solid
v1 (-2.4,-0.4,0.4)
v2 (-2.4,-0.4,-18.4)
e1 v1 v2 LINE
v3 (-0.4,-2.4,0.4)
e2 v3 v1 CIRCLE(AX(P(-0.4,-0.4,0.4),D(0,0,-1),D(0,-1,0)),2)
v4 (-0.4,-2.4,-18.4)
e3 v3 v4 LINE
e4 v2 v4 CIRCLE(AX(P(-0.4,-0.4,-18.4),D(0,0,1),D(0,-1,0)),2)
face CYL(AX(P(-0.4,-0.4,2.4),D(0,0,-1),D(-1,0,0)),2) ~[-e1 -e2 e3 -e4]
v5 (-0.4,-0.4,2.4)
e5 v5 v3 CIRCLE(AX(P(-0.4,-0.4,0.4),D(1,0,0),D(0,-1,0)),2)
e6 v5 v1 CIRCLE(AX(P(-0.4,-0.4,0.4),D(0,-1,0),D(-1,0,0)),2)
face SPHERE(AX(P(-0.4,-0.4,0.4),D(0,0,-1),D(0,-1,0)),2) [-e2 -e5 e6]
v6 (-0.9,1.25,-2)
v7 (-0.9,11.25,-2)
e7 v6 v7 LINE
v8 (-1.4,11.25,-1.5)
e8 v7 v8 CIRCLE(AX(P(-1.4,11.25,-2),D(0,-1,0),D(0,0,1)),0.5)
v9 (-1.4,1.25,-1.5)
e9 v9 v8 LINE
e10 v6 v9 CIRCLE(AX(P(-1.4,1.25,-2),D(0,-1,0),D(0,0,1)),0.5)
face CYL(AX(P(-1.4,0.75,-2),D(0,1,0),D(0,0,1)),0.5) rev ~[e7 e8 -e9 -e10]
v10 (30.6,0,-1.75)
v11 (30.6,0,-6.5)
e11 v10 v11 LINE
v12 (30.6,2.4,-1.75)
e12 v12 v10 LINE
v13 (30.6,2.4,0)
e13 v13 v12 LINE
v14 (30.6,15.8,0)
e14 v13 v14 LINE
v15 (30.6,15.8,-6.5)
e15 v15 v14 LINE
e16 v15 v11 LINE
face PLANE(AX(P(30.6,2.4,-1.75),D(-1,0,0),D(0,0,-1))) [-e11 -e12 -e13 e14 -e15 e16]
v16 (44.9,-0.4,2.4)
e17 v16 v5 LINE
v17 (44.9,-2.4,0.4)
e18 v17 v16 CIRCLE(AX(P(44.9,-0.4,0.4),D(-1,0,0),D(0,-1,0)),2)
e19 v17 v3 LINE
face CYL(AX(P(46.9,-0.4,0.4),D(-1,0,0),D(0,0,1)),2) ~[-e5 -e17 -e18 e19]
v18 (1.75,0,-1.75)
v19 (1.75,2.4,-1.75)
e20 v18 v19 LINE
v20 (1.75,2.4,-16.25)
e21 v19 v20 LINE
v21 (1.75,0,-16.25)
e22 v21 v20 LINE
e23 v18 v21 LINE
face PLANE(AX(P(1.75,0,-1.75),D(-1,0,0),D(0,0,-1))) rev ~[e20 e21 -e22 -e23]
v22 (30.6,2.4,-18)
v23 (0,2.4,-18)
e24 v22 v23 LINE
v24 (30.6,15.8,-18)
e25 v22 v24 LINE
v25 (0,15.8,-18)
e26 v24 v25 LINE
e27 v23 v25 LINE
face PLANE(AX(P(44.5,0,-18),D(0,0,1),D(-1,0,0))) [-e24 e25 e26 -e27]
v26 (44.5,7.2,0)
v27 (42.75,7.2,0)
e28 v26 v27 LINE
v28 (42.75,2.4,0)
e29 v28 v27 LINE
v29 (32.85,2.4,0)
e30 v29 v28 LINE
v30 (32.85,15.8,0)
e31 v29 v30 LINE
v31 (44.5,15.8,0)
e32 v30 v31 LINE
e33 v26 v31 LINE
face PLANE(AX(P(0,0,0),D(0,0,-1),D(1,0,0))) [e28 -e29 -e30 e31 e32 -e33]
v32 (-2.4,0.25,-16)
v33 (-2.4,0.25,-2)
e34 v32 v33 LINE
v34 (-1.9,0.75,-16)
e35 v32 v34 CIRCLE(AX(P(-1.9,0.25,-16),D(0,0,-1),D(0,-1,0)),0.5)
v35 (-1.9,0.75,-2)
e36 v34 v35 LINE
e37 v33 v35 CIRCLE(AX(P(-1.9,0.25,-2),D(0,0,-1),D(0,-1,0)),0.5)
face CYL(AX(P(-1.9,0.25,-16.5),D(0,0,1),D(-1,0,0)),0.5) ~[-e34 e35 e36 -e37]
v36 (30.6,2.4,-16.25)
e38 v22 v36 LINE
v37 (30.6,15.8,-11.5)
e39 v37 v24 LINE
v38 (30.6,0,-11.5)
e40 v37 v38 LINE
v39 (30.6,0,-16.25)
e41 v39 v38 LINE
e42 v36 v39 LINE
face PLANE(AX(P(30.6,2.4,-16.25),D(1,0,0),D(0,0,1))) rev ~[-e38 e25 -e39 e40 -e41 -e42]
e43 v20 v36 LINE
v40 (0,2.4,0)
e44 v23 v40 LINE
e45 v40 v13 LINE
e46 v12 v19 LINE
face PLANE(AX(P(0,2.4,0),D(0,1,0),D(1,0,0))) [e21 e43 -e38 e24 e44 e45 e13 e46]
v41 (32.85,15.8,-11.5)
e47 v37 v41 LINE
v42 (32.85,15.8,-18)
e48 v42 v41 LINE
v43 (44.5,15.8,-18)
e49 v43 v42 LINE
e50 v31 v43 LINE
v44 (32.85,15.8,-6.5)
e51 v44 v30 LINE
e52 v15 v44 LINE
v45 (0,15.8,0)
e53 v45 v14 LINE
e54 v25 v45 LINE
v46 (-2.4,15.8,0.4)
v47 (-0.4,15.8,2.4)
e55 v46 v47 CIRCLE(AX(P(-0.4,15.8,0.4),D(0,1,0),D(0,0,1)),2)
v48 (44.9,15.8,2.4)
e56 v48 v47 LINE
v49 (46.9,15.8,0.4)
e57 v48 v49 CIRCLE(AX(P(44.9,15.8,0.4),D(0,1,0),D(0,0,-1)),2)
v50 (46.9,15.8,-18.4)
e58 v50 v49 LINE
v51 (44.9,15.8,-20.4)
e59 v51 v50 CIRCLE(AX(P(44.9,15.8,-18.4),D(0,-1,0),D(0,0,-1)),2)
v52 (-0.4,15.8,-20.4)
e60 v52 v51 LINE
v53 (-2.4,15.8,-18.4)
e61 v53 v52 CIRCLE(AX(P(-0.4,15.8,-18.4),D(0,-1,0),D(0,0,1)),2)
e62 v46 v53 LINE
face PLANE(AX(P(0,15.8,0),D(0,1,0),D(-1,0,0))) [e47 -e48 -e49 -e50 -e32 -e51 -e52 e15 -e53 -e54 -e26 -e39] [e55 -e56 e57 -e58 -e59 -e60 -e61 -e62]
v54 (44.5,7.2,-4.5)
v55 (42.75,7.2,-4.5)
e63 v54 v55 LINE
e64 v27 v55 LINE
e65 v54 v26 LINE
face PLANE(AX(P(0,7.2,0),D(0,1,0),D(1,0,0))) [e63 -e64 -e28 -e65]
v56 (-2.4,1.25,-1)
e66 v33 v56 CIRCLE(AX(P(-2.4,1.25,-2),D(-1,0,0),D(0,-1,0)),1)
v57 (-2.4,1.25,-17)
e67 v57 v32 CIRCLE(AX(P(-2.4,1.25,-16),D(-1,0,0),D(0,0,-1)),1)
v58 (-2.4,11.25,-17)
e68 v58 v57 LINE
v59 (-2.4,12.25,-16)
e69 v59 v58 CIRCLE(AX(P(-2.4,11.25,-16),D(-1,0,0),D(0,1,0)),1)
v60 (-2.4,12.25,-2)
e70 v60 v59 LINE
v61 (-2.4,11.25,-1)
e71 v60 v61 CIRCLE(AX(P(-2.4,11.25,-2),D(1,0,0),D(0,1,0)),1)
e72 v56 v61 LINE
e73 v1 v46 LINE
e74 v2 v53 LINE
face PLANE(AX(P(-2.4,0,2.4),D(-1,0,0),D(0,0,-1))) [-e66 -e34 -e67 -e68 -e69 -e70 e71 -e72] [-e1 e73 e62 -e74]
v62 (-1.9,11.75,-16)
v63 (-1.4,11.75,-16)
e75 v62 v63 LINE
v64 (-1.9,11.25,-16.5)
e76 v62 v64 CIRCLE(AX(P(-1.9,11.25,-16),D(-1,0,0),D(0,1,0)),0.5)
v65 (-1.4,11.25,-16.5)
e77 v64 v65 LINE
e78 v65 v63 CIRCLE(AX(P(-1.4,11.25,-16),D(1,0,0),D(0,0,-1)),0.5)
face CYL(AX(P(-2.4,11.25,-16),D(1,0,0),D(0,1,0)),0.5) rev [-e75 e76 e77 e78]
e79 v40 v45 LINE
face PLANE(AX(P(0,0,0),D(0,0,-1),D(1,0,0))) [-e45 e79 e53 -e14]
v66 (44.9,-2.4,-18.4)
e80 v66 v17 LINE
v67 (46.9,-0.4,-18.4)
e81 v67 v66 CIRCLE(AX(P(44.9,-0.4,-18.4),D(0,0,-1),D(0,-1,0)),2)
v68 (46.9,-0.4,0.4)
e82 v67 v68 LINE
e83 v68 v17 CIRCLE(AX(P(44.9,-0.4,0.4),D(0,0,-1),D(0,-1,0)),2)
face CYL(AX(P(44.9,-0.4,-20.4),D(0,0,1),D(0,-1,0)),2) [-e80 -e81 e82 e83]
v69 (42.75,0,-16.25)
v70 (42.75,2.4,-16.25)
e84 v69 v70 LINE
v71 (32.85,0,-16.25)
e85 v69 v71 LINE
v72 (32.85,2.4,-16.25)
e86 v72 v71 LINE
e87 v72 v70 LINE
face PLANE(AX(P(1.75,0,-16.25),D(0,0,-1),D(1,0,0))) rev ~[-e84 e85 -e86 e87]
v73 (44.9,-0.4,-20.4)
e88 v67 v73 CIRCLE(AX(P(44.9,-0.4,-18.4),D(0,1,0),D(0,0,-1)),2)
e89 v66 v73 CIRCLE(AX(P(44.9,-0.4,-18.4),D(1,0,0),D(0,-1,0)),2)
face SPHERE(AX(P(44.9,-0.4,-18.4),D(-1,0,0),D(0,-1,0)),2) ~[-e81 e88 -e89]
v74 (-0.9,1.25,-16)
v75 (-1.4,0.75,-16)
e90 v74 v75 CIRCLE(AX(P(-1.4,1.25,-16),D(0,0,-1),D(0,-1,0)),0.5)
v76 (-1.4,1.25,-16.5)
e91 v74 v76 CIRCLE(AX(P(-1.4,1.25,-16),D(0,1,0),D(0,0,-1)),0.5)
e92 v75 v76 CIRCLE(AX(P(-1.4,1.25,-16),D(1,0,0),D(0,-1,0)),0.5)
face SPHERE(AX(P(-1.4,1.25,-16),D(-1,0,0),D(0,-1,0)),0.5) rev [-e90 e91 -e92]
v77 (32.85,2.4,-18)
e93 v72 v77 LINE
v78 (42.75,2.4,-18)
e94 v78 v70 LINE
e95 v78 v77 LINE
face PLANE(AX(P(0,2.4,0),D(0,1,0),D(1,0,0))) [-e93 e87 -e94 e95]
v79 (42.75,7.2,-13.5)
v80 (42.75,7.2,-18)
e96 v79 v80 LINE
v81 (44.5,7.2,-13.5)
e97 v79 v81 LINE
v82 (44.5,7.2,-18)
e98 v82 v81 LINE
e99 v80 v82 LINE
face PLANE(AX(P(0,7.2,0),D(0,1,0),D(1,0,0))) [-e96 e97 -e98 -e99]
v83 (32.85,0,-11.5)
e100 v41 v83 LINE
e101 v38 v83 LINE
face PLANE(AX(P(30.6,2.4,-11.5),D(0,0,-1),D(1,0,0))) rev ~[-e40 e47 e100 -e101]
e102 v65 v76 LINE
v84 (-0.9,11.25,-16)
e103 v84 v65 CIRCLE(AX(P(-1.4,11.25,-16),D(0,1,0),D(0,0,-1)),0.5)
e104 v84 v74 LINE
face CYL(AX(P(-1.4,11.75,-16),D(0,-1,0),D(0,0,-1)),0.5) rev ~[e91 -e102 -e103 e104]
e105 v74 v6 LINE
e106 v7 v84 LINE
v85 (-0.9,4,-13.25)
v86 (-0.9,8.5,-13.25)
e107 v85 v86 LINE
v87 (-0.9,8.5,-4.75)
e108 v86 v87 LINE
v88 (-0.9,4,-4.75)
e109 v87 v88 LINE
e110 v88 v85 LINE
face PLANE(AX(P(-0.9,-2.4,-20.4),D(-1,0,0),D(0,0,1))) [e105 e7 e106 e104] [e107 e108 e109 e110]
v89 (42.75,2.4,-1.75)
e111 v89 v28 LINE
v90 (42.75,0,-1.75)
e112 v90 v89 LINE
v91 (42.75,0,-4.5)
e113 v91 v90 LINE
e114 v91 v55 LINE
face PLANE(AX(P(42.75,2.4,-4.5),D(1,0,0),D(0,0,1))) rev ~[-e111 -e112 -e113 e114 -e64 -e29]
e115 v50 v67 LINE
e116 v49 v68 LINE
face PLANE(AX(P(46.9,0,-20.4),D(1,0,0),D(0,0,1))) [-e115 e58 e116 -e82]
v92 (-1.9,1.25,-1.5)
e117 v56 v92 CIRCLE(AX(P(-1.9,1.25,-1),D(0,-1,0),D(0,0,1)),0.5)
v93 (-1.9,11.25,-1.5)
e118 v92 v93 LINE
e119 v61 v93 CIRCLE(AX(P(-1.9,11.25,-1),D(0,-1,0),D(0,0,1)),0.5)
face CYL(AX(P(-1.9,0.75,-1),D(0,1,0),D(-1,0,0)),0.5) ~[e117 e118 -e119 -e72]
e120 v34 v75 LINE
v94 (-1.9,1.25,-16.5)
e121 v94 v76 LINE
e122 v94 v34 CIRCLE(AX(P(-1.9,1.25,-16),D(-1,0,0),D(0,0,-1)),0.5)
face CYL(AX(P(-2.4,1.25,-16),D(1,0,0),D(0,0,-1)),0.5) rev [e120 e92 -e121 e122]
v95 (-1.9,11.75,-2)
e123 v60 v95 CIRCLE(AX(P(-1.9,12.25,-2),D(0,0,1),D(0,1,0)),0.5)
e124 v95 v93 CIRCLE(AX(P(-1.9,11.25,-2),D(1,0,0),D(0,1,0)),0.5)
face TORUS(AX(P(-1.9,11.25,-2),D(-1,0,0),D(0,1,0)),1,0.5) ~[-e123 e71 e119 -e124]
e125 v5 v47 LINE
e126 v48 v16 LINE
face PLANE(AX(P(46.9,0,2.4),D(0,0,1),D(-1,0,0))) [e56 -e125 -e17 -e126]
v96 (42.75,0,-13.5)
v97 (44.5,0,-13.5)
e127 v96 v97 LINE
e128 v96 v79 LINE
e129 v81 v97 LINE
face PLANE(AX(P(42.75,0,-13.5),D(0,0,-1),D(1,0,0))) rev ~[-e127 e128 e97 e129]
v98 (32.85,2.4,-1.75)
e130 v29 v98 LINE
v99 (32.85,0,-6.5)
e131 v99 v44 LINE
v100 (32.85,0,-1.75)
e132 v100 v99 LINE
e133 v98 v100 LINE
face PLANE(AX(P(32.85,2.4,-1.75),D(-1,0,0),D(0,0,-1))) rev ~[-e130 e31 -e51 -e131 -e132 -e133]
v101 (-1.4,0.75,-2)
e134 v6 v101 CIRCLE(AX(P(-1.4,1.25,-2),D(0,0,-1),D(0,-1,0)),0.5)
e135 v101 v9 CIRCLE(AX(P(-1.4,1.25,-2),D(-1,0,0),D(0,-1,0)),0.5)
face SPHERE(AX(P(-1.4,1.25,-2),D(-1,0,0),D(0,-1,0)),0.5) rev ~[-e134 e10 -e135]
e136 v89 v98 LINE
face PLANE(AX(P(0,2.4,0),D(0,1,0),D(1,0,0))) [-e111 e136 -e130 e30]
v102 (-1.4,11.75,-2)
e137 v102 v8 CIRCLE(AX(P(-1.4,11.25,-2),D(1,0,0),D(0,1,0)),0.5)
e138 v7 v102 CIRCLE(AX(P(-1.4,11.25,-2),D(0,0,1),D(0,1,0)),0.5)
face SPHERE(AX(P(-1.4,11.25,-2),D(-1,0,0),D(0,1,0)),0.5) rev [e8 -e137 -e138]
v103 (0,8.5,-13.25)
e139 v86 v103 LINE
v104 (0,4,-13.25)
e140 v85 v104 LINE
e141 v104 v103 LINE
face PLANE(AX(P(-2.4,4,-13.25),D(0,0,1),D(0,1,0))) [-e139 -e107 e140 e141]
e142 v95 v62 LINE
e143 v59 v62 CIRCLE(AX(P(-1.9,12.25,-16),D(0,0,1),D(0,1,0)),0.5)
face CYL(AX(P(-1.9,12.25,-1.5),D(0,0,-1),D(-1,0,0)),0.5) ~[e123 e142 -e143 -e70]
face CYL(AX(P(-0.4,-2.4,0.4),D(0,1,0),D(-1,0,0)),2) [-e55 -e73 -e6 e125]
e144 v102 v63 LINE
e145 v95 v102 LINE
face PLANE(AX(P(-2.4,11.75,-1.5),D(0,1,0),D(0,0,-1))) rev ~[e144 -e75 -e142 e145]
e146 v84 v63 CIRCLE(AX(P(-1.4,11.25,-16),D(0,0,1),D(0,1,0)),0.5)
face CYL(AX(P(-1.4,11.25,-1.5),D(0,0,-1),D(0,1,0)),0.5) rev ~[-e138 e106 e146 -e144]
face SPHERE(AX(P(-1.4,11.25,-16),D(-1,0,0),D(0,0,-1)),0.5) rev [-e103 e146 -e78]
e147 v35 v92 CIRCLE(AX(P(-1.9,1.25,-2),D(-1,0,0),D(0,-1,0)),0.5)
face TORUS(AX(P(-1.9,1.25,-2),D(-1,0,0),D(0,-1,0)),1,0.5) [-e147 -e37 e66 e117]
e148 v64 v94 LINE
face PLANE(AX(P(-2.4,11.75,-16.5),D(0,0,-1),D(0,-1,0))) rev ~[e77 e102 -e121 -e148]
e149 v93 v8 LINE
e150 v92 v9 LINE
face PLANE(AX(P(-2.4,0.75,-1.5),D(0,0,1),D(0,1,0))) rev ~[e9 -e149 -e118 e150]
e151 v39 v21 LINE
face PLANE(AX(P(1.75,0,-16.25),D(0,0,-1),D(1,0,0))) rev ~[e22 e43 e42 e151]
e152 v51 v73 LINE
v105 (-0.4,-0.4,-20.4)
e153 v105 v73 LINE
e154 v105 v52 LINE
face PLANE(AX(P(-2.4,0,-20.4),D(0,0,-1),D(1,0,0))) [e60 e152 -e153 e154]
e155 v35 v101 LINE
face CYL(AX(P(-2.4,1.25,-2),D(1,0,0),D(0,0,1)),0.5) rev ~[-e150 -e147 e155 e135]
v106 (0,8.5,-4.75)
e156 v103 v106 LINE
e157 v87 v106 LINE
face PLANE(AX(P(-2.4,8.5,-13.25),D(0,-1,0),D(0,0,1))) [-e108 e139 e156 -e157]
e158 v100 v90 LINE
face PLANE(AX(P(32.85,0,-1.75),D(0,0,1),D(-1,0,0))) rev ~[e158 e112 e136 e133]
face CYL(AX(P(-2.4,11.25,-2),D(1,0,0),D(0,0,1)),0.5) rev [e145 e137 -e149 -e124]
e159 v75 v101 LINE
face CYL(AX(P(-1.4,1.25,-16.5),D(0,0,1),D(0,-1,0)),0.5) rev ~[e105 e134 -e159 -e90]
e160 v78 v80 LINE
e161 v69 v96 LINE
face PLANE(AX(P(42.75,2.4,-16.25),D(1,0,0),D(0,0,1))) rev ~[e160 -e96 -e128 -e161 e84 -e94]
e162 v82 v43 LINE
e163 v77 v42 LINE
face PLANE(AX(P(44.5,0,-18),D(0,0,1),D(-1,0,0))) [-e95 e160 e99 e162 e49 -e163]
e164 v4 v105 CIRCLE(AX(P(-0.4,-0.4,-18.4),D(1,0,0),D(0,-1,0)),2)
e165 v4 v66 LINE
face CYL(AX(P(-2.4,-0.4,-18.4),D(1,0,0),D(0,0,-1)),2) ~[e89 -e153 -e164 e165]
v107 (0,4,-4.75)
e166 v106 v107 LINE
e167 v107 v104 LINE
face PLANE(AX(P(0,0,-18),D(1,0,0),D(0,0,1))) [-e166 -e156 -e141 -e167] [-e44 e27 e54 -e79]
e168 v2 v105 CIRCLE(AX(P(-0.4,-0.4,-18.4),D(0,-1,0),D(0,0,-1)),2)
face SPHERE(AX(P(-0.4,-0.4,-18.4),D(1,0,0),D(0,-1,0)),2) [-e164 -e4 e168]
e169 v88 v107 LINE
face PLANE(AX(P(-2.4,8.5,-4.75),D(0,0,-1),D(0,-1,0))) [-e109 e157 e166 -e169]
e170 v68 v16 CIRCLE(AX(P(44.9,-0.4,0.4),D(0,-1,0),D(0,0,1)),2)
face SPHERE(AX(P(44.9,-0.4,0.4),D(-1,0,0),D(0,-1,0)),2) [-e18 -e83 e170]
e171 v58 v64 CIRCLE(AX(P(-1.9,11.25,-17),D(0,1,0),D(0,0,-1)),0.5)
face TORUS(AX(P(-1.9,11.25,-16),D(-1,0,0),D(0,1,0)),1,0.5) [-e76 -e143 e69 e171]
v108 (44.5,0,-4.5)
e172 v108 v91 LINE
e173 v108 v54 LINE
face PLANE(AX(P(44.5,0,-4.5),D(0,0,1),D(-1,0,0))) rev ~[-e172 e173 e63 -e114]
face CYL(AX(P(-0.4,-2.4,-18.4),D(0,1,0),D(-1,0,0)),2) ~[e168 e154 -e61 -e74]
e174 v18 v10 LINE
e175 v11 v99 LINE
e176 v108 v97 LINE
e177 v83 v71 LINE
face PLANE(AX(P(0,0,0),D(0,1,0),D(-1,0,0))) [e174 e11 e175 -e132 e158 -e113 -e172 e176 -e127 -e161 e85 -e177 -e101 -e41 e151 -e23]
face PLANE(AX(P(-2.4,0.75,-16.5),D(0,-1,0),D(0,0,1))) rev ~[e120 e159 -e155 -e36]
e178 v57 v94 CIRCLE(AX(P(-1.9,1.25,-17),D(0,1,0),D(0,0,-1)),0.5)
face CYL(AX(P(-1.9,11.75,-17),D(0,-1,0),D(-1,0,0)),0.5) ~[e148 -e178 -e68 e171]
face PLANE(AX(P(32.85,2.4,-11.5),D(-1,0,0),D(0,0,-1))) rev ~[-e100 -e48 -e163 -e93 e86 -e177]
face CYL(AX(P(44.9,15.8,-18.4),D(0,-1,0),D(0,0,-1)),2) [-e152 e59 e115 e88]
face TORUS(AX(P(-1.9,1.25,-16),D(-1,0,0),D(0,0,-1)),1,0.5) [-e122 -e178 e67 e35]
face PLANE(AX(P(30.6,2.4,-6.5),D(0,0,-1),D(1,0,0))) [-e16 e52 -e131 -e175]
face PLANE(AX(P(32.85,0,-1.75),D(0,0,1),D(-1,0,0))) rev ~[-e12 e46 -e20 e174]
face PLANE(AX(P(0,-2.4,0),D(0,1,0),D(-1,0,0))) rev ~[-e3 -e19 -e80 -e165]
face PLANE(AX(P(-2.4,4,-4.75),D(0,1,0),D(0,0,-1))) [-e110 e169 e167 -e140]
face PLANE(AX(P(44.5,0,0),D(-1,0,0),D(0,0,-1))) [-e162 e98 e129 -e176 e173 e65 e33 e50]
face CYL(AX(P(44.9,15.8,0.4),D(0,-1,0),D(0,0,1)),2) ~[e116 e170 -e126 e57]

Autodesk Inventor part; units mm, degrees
ref_plane "YZ Plane" through (0, 0, 0) normal (1, 0, 0) x (0, 1, 0)
ref_plane "XZ Plane" through (0, 0, 0) normal (0, 1, 0) x (-1, 0, 0)
ref_plane "XY Plane" through (0, 0, 0) normal (0, 0, 1) x (1, 0, 0)
sketch "Sketch1" plane through (0, 0, 0) normal (0, 1, 0) x (-1, 0, 0)
  line L0 (0, 0) -> (-44.5, 0)
  line L1 (-44.5, 0) -> (-44.5, -18)
  line L2 (-44.5, -18) -> (0, -18)
  line L3 (0, -18) -> (0, 0)
  line L4 (2.4, -20.4) -> (-46.9, -20.4)
  line L5 (-46.9, -20.4) -> (-46.9, 2.4)
  line L6 (-46.9, 2.4) -> (2.4, 2.4)
  line L7 (2.4, 2.4) -> (2.4, -20.4)
  dimension "d0" = 18
  dimension "d1" = 44.5
  dimension "d2" = 2.4
extrude "Extrusion1" add sketch "Sketch1" against normal blind 2.4 contours L3 L2 L1 L0 | L4 L5 L6 L7
extrude "Extrusion2" add sketch "Sketch1" along normal blind 15.8
sketch "Sketch2" plane through (0, 0, 0) normal (0, 1, 0) x (1, 0, 0)
  line L0 (0, 0) -> (44.5, 0) projected
  line L1 (44.5, 0) -> (44.5, 18) projected
  line L2 (44.5, 18) -> (0, 18) projected
  line L3 (0, 18) -> (0, 0) projected
  line L4 (1.75, 16.25) -> (42.75, 16.25)
  line L5 (42.75, 16.25) -> (42.75, 1.75)
  line L6 (42.75, 1.75) -> (1.75, 1.75)
  line L7 (1.75, 1.75) -> (1.75, 16.25)
  line L8 (32.85, 17.25) -> (42.75, 17.25)
  line L9 (42.75, 17.25) -> (42.75, 0.75)
  line L10 (42.75, 0.75) -> (32.85, 0.75)
  line L11 (32.85, 0.75) -> (32.85, 17.25)
  line L12 (42.75, 13.5) -> (44.5, 13.5)
  line L13 (44.5, 13.5) -> (44.5, 4.5)
  line L14 (44.5, 4.5) -> (42.75, 4.5)
  line L15 (42.75, 4.5) -> (42.75, 13.5)
  line L16 (44.5, 18) -> (44.5, 0) projected
  point P0 (42.75, 9)
  point P1 (44.5, 9)
  point P2 (43.625, 4.5)
  point P3 (42.75, 4.5)
  point P4 (42.75, 13.5)
  dimension "d7" = 1.75
  dimension "d8" = 9.9
  dimension "d9" = 16.5
  dimension "d10" = 9
extrude "Extrusion3" add sketch "Sketch2" along normal blind 2.4 contours L3 L2 L1 L12 L5 L9 L8 L11 L4 L7 L6 L10 L14 L0 | L9 L10 L11 L6 | L4 L11 L8 L9
sketch "Sketch3" plane through (0, 2.4, 0) normal (0, 1, 0) x (1, 0, 0)
  line L0 (32.85, 0.75) -> (32.85, 17.25) projected
  line L1 (44.5, 4.5) -> (44.5, 0) projected
  line L2 (44.5, 4.5) -> (42.75, 4.5) projected
  line L3 (42.75, 4.5) -> (42.75, 1.75) projected
  line L4 (42.75, 1.75) -> (1.75, 1.75) projected
  line L5 (1.75, 1.75) -> (1.75, 16.25) projected
  line L6 (1.75, 16.25) -> (42.75, 16.25) projected
  line L7 (42.75, 16.25) -> (42.75, 13.5) projected
  line L8 (42.75, 13.5) -> (44.5, 13.5) projected
  line L9 (44.5, 18) -> (44.5, 13.5) projected
  line L10 (0, 18) -> (44.5, 18) projected
  line L11 (0, 0) -> (0, 18) projected
  line L12 (44.5, 0) -> (0, 0) projected
  line L13 (32.85, 18) -> (30.6, 18)
  line L14 (30.6, 18) -> (30.6, 11.5)
  line L15 (30.6, 11.5) -> (32.85, 11.5)
  line L16 (32.85, 11.5) -> (32.85, 18)
  line L17 (32.85, 0) -> (30.6, 0)
  line L18 (30.6, 0) -> (30.6, 6.5)
  line L19 (30.6, 6.5) -> (32.85, 6.5)
  line L20 (32.85, 6.5) -> (32.85, 0)
  line L21 (44.5, 0) -> (0, 0) projected
  line L22 (0, 18) -> (44.5, 18) projected
  point P0 (30.6, 1.75)
  point P1 (32.85, 1.75)
  point P2 (32.85, 16.25)
  point P3 (30.6, 16.25)
  point P4 (32.85, 0)
  dimension "d13" = 5
  dimension "d14" = 30.6
extrude "Extrusion4" add sketch "Sketch3" against normal up to surface (2.4 mm away) contours L0 L4 L18 L19 | L15 L14 L6 L0
extrude "Extrusion5" add sketch "Sketch3" along normal up to surface (13.4 mm away) contours L0 L4 L18 L19 | L15 L14 L6 L0 | L0 L20 L12 L18 L4 | L6 L14 L10 L16 L0
sketch "Sketch4" plane through (0, 2.4, 0) normal (0, 1, 0) x (1, 0, 0)
  line L0 (32.85, 18) -> (32.85, 16.25) projected
  line L1 (32.85, 16.25) -> (42.75, 16.25) projected
  line L2 (42.75, 16.25) -> (42.75, 13.5) projected
  line L3 (42.75, 13.5) -> (44.5, 13.5) projected
  line L4 (44.5, 18) -> (44.5, 13.5) projected
  line L5 (32.85, 18) -> (44.5, 18) projected
  line L6 (32.85, 1.75) -> (32.85, 0) projected
  line L7 (44.5, 0) -> (32.85, 0) projected
  line L8 (44.5, 4.5) -> (44.5, 0) projected
  line L9 (44.5, 4.5) -> (42.75, 4.5) projected
  line L10 (42.75, 4.5) -> (42.75, 1.75) projected
  line L11 (42.75, 1.75) -> (32.85, 1.75) projected
  line L12 (42.75, 16.25) -> (42.75, 18)
  line L13 (42.75, 1.75) -> (42.75, 0)
  point P0 (0, 0)
extrude "Extrusion6" add sketch "Sketch4" along normal blind 4.8 contours L5 L4 L3 L2 L12 | L10 L9 L8 L7 L13
sketch "Sketch5" plane through (-2.4, -2.4, -20.4) normal (-1, 0, 0) x (0, 0, 1)
  line L0 (20.4, 4.8) -> (2.4, 4.8) projected
  line L1 (7.15, 10.9) -> (15.65, 10.9)
  line L2 (15.65, 10.9) -> (15.65, 6.4)
  line L3 (15.65, 6.4) -> (7.15, 6.4)
  line L4 (7.15, 6.4) -> (7.15, 10.9)
  line L5 (11.4, 4.8) -> (11.4, 2.8169) construction
  point P0 (20.4, 2.4)
  point P1 (11.4, 6.4)
  dimension "d21" = 8.5
  dimension "d22" = 4.5
  dimension "d23" = 1.6
extrude "Extrusion7" cut sketch "Sketch5" against normal up to surface (2.4 mm away)
sketch "Sketch6" plane through (-2.4, -2.4, -20.4) normal (-1, 0, 0) x (0, 0, 1)
  line L0 (7.15, 10.9) -> (15.65, 10.9) projected
  line L1 (7.15, 6.4) -> (7.15, 10.9) projected
  line L2 (15.65, 6.4) -> (7.15, 6.4) projected
  line L3 (15.65, 10.9) -> (15.65, 6.4) projected
  line L4 (18.9, 14.15) -> (3.9, 14.15)
  line L5 (3.9, 14.15) -> (3.9, 3.15)
  line L6 (3.9, 3.15) -> (18.9, 3.15)
  line L7 (18.9, 3.15) -> (18.9, 14.15)
  point P0 (20.4, 2.4)
  dimension "d26" = 15
extrude "Extrusion8" cut sketch "Sketch6" against normal blind 1.5
fillet "Fillet1" radius 0.5 12 edges at (-1.65, 11.75, -16.5) (-1.65, 11.75, -1.5) (-1.65, 0.75, -1.5) (-1.65, 0.75, -16.5) (-2.4, 11.75, -9) (-2.4, 6.25, -16.5) (-2.4, 0.75, -9) (-2.4, 6.25, -1.5) (-0.9, 0.75, -9) (-0.9, 6.25, -16.5) (-0.9, 11.75, -9) (-0.9, 6.25, -1.5)
fillet "Fillet2" radius 2 8 edges at (22.25, -2.4, -20.4) (-2.4, -2.4, -9) (22.25, -2.4, 2.4) (46.9, -2.4, -9) (46.9, 6.7, 2.4) (46.9, 6.7, -20.4) (-2.4, 6.7, -20.4) (-2.4, 6.7, 2.4)
properties part number "rf_tester_bottom"
